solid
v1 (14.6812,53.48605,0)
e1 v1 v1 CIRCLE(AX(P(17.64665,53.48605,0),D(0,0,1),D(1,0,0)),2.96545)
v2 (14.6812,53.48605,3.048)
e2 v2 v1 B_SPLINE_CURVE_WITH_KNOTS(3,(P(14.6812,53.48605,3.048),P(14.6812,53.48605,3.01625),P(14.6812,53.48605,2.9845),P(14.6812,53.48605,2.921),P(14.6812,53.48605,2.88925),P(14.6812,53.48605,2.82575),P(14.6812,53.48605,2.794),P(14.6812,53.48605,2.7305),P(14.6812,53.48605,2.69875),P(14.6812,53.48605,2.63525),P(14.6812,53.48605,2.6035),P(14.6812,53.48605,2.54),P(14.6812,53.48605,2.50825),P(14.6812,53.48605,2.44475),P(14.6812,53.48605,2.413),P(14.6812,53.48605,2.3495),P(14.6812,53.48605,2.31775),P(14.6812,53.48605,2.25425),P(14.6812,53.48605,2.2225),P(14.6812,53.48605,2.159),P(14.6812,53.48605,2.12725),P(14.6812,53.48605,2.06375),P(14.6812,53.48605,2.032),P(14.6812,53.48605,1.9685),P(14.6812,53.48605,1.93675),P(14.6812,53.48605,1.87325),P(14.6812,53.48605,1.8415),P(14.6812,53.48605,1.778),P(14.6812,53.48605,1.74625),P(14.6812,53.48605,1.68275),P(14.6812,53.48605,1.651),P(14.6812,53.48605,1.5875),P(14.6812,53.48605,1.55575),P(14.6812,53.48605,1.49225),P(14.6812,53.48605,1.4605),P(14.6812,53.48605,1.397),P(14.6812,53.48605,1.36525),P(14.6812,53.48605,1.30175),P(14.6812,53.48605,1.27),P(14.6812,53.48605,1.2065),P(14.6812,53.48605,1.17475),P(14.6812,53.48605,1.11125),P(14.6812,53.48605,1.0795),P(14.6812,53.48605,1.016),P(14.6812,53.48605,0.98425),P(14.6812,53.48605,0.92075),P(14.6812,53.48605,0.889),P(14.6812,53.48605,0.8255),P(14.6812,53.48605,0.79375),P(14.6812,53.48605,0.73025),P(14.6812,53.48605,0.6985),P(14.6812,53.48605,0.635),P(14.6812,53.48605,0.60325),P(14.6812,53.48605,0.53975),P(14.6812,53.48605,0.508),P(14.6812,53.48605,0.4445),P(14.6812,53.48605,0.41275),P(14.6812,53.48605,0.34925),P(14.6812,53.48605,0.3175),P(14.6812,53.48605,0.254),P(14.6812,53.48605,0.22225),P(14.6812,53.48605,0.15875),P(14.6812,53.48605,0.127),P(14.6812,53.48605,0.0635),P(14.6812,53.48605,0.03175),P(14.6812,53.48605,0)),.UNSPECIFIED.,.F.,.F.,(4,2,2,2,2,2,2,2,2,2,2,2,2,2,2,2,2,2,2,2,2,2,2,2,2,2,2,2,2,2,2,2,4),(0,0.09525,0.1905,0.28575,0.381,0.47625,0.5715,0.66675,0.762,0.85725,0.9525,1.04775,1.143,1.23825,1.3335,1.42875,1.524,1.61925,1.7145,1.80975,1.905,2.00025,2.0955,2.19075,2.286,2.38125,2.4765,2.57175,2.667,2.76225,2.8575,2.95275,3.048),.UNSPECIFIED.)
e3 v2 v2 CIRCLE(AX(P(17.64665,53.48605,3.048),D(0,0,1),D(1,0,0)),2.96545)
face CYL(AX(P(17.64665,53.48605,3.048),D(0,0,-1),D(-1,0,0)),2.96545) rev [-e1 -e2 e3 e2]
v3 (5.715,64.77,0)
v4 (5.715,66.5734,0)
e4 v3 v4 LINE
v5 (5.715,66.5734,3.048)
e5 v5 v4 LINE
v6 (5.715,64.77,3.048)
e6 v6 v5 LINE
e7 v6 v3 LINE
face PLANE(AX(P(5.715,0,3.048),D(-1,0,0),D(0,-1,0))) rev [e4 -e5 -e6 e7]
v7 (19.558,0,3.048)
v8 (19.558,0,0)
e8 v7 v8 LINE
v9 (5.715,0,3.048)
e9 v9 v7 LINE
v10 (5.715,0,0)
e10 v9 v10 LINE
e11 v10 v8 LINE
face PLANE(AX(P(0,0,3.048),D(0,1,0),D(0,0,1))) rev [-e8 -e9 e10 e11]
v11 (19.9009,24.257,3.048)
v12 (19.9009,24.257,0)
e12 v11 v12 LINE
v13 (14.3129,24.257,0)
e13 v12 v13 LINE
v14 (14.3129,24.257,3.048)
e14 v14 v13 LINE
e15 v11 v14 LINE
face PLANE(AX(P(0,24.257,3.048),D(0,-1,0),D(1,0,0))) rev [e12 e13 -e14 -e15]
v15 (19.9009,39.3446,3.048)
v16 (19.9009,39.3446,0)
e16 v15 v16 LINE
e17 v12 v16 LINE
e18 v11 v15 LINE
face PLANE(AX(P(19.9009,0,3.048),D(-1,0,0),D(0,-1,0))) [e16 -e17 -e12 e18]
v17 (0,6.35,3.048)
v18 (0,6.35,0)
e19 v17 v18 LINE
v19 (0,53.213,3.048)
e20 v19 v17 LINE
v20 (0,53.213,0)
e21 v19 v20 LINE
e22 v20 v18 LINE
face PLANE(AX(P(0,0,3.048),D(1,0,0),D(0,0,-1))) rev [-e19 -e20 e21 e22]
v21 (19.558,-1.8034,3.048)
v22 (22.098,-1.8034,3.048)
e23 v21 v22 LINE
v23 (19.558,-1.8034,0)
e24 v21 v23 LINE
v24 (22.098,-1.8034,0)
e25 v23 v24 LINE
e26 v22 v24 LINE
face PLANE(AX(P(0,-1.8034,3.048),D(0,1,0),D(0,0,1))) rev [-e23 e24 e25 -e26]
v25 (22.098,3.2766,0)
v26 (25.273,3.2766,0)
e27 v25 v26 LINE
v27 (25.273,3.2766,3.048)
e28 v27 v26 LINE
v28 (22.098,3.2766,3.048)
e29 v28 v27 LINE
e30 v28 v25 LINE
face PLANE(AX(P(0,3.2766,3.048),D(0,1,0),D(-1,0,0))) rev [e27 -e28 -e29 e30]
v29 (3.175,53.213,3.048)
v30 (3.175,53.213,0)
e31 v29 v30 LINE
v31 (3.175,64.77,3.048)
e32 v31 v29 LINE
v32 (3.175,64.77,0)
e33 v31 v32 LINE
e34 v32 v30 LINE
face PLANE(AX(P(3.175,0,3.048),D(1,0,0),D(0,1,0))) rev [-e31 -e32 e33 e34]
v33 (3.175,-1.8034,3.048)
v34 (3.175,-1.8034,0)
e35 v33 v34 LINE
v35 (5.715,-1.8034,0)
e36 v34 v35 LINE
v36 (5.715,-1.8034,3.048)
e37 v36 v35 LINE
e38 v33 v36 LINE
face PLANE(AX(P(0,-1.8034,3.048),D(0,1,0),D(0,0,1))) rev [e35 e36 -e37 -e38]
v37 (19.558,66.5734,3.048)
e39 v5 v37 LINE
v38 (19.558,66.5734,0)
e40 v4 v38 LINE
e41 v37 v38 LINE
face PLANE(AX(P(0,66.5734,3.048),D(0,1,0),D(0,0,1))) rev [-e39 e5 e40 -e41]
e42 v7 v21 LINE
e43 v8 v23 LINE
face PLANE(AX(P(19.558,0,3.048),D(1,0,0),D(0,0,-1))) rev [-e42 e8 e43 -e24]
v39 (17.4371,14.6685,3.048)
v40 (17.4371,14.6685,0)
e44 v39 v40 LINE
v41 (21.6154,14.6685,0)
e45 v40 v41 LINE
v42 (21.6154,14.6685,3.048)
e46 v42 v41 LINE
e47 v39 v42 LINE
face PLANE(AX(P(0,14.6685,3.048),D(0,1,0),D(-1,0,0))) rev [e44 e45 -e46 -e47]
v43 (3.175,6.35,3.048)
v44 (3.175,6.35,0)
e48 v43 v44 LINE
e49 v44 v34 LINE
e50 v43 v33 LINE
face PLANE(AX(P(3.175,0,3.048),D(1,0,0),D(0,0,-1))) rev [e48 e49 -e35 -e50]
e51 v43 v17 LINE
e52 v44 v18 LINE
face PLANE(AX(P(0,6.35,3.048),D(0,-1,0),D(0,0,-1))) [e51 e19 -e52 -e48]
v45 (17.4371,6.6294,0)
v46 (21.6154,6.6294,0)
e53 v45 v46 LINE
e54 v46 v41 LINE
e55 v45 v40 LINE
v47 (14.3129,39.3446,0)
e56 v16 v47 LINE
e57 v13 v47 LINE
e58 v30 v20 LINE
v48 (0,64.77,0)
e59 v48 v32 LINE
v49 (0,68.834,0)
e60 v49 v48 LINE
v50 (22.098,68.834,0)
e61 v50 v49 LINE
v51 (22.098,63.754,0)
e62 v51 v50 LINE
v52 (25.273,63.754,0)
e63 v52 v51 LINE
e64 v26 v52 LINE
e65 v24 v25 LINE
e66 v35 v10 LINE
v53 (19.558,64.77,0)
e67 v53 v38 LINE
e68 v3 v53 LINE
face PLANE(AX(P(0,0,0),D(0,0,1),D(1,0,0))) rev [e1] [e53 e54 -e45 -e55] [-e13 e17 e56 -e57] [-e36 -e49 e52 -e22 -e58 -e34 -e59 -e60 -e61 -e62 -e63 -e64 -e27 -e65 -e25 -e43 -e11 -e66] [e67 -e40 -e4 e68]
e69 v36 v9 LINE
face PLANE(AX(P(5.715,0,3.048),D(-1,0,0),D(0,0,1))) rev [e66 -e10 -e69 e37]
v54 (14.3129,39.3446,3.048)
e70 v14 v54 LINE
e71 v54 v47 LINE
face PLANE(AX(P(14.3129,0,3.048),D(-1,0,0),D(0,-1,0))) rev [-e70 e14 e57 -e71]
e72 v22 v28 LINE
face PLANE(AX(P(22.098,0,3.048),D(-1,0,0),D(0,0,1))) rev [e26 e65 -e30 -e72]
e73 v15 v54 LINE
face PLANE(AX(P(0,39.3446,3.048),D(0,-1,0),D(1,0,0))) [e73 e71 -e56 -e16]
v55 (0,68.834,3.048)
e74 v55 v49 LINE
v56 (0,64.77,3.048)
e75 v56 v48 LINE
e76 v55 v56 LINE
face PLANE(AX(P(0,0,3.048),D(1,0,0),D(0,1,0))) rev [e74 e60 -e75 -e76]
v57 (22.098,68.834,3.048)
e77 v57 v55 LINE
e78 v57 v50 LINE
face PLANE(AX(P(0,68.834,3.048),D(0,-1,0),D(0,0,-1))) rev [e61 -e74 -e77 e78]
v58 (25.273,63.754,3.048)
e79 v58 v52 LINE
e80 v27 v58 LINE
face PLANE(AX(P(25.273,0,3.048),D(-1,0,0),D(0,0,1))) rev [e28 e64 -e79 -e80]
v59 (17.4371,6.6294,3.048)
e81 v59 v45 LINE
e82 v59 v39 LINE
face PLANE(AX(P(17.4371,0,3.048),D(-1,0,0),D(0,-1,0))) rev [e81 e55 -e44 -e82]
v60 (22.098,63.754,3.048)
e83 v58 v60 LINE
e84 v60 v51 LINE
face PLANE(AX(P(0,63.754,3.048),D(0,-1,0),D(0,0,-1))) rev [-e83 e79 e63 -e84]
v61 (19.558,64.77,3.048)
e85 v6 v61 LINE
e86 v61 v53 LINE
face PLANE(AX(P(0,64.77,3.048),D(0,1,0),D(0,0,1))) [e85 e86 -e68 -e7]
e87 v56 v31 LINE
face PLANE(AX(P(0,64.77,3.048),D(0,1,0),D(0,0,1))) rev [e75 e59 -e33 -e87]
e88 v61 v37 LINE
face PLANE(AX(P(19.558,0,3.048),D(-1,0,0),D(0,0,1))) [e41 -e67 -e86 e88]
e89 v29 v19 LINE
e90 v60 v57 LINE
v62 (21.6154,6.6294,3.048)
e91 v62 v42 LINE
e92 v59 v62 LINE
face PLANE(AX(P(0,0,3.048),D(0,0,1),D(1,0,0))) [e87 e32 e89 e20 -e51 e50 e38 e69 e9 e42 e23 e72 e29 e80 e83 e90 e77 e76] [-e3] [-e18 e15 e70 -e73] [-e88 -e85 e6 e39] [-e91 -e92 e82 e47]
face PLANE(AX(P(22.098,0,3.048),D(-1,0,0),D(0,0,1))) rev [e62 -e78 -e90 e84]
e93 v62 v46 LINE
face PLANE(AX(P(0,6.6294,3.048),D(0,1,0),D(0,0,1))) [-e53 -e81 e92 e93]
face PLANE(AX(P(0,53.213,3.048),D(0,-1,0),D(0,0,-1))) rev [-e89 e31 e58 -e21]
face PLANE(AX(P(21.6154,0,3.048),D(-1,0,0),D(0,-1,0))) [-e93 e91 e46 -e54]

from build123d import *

# Parameters (mm, degrees)
SKETCH1_W           = 4.1783
SKETCH1_H           = 8.0391
SKETCH1_W_2         = 5.588
SKETCH1_H_2         = 15.0876
SKETCH1_W_3         = 13.843
SKETCH1_H_3         = 1.8034
SKETCH1_R           = 2.96545
BOSS_EXTRUDE1_DEPTH = 3.048


with BuildPart() as part:
    # Sketch1 → Boss-Extrude1 (new body)
    with BuildSketch(Plane.XY):
        Polygon((3.175, 64.77), (3.175, 53.213), (0, 53.213), (0, 6.35), (3.175, 6.35), (3.175, -1.8034), (5.715, -1.8034), (5.715, 0), (19.558, 0), (19.558, -1.8034), (22.098, -1.8034), (22.098, 3.2766), (25.273, 3.2766), (25.273, 63.754), (22.098, 63.754), (22.098, 68.834), (0, 68.834), (0, 64.77), align=None)
        with Locations((19.52625, 10.64895)):
            Rectangle(SKETCH1_W, SKETCH1_H, mode=Mode.SUBTRACT)
        with Locations((17.1069, 31.8008)):
            Rectangle(SKETCH1_W_2, SKETCH1_H_2, mode=Mode.SUBTRACT)
        with Locations((12.6365, 65.6717)):
            Rectangle(SKETCH1_W_3, SKETCH1_H_3, mode=Mode.SUBTRACT)
        with Locations(Location((17.64665, 53.48605, 0), (0, 0, 180))):
            Circle(SKETCH1_R, mode=Mode.SUBTRACT)
    extrude(amount=BOSS_EXTRUDE1_DEPTH)


solid = part.part
